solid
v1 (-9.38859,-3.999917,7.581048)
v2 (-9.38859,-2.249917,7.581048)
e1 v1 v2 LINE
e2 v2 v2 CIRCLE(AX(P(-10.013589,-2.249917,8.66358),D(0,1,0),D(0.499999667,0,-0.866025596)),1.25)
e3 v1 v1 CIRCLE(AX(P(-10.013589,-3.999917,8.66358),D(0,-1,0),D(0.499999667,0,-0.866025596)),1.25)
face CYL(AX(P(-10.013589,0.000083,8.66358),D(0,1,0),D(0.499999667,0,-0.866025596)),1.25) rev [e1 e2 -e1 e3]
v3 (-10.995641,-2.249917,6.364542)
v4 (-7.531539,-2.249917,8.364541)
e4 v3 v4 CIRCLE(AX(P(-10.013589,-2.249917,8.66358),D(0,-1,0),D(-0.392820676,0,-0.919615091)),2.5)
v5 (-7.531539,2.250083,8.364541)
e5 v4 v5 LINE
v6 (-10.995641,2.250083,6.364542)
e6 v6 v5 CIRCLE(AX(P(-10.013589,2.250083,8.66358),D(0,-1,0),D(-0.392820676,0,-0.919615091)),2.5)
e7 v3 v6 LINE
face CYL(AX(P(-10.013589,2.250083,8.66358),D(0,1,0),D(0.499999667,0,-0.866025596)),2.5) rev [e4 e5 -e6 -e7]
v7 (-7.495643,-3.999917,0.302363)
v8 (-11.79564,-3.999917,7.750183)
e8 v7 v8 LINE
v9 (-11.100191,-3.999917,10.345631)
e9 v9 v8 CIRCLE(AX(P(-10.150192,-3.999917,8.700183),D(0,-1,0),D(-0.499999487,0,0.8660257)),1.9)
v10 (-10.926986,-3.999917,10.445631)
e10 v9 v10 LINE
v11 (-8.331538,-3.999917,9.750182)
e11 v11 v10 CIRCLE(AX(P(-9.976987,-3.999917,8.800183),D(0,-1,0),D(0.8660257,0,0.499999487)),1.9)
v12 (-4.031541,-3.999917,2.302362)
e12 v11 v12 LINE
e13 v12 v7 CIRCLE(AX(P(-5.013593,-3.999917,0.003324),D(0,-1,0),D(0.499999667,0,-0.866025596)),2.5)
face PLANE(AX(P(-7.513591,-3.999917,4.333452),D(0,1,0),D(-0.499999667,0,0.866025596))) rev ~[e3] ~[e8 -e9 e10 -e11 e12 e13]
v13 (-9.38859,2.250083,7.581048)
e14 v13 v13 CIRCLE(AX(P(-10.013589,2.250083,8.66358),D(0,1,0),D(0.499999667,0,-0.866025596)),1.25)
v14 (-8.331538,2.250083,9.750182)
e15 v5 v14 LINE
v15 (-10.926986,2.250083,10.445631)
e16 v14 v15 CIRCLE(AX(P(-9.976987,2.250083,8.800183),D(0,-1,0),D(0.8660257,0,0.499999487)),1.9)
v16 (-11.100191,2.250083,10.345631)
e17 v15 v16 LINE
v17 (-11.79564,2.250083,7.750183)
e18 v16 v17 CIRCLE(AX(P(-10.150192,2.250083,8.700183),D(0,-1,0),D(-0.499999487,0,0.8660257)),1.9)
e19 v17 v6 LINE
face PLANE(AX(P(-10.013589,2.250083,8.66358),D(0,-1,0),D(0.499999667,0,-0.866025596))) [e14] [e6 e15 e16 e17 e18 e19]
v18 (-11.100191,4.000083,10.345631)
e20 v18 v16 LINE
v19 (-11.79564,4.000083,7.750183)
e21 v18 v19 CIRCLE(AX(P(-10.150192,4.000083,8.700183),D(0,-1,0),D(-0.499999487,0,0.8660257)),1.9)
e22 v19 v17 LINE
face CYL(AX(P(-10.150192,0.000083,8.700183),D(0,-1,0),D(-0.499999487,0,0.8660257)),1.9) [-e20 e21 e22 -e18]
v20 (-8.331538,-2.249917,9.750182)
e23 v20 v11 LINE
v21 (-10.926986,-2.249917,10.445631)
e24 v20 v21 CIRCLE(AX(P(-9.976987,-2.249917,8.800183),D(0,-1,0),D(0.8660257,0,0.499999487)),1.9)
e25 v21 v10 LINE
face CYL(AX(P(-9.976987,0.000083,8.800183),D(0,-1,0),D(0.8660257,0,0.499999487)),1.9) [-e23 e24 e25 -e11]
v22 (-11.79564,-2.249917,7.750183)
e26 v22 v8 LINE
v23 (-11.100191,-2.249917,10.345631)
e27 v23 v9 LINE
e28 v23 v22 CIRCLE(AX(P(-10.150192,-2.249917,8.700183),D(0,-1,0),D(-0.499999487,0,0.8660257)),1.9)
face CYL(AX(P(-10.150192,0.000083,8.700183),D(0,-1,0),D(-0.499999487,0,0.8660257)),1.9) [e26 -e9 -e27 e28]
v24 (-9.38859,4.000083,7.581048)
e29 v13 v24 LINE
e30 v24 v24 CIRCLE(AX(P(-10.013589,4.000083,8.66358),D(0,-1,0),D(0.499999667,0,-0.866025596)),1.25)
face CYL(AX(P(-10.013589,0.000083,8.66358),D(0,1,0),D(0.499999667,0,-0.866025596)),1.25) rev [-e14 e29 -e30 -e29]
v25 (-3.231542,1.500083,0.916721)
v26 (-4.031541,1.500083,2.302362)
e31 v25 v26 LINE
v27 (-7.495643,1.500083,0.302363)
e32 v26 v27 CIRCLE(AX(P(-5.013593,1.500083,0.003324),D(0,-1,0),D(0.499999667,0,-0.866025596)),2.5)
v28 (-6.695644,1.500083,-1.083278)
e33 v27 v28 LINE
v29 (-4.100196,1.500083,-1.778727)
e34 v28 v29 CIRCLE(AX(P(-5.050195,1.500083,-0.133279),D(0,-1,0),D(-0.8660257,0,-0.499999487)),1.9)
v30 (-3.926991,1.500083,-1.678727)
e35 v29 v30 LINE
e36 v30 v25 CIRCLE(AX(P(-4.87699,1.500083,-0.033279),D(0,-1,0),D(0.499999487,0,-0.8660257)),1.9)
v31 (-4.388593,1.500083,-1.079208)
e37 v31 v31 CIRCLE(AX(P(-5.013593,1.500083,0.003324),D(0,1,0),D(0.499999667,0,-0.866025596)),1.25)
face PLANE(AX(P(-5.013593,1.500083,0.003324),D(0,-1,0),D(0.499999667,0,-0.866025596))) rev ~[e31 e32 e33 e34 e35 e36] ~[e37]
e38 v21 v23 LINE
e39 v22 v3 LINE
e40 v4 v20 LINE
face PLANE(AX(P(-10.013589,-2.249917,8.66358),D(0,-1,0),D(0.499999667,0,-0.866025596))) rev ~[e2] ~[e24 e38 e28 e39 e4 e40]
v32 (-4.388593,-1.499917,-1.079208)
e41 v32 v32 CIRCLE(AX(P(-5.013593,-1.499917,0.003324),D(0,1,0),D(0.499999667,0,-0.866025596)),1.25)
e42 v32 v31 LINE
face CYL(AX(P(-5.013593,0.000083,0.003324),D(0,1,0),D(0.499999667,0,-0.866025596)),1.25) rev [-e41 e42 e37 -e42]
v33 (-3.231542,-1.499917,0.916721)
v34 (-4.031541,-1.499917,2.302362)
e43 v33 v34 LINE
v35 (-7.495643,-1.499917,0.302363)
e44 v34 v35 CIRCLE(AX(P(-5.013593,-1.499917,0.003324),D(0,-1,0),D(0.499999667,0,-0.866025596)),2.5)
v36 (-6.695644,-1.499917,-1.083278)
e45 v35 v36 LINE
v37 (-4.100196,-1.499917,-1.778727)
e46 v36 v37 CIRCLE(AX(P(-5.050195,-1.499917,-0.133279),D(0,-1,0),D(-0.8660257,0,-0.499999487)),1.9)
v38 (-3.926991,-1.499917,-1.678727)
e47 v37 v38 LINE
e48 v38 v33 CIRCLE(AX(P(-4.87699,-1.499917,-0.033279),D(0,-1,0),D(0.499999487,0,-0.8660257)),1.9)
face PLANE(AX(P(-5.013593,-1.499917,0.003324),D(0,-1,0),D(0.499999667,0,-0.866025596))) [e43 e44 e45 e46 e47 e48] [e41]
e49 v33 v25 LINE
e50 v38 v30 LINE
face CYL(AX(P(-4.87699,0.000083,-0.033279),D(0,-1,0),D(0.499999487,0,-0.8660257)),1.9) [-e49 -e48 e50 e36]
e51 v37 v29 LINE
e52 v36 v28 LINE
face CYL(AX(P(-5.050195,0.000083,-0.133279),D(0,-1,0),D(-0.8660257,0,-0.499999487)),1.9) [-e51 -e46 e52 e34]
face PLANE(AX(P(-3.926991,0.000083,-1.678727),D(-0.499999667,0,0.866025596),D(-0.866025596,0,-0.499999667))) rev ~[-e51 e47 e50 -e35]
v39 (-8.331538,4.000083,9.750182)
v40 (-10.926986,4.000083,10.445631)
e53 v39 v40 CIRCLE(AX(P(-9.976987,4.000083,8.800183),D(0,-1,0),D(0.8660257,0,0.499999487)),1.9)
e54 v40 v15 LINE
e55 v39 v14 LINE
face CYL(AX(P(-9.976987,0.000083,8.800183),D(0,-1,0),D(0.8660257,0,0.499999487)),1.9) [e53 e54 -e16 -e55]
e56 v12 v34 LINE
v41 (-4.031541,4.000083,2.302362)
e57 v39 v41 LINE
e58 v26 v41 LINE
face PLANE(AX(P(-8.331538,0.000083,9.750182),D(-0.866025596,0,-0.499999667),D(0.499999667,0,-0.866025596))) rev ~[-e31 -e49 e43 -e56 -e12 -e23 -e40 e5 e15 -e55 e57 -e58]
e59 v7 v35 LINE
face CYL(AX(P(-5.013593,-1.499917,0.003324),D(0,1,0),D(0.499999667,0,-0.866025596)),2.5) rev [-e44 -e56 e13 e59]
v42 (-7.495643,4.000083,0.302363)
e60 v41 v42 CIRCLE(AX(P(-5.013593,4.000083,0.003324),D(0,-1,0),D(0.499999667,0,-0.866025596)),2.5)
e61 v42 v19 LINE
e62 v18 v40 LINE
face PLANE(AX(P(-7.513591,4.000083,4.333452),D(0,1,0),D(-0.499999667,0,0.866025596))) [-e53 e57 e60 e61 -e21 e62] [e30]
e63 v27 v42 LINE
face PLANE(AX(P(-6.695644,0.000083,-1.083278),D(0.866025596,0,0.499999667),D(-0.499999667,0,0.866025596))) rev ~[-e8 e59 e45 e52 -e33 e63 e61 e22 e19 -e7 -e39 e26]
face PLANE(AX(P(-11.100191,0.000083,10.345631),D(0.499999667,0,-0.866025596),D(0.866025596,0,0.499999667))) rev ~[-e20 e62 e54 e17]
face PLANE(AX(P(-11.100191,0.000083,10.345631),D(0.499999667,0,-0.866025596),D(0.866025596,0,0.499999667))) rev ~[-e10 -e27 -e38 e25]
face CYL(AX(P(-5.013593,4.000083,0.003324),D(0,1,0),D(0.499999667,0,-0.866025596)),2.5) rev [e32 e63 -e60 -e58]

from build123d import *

# Parameters (mm, degrees)
CYLINDER001_R          = 2.5
CYLINDER001_DEPTH      = 2.5
CYLINDER001_ROLL_ANGLE = 90
CYLINDER002_R          = 2.5
CYLINDER002_DEPTH      = 2.5
CYLINDER002_ROLL_ANGLE = 90
CYLINDER_R             = 2.5
CYLINDER_DEPTH         = 4.5
CYLINDER_ROLL_ANGLE    = 90
SKETCH_R               = 1.25
PAD002_DEPTH           = 4
CUT002_PITCH_ANGLE     = 60.000022


with BuildPart() as cylinder001:
    # Cylinder001 → Cylinder001 (new body)
    with BuildSketch(Plane.XY):
        Circle(CYLINDER001_R)
    extrude(amount=CYLINDER001_DEPTH)


with BuildPart() as cylinder001_1:
    # Cylinder001 roll: moved
    add(cylinder001.part.rotate(Axis((0, 0, 0), (1, 0, 0)), CYLINDER001_ROLL_ANGLE))


with BuildPart() as cylinder001_2:
    # Cylinder001 placement: moved
    add(cylinder001_1.part.moved(Location((5, 4, 0))))


with BuildPart() as cylinder002:
    # Cylinder002 → Cylinder002 (new body)
    with BuildSketch(Plane.XY):
        Circle(CYLINDER002_R)
    extrude(amount=CYLINDER002_DEPTH)


with BuildPart() as cylinder002_1:
    # Cylinder002 roll: moved
    add(cylinder002.part.rotate(Axis((0, 0, 0), (1, 0, 0)), CYLINDER002_ROLL_ANGLE))


with BuildPart() as cylinder002_2:
    # Cylinder002 placement: moved
    add(cylinder002_1.part.moved(Location((5, -1.5, 0))))


with BuildPart() as axes_cutout002:
    # Cylinder → Cylinder (new body)
    with BuildSketch(Plane.XY):
        Circle(CYLINDER_R)
    extrude(amount=CYLINDER_DEPTH)


with BuildPart() as axes_cutout002_1:
    # Cylinder roll: moved
    add(axes_cutout002.part.rotate(Axis((0, 0, 0), (1, 0, 0)), CYLINDER_ROLL_ANGLE))


with BuildPart() as axes_cutout002_2:
    # Cylinder placement: moved
    add(axes_cutout002_1.part.moved(Location((-5, 2.25, 0))))

    # Fusion002: union Cylinder001, Cylinder002
    add(cylinder001_2.part)
    add(cylinder002_2.part)


with BuildPart() as track_shape002:
    # Sketch → Pad002 (new body, symmetric)
    with BuildSketch(Plane.XZ):
        with BuildLine():
            Line((-5.1, 2), (5.1, 2))
            ThreePointArc((7, 0.1), (6.443503, 1.443503), (5.1, 2))
            Line((7, 0.1), (7, -0.1))
            ThreePointArc((5.1, -2), (6.443503, -1.443503), (7, -0.1))
            Line((5.1, -2), (-5.1, -2))
            ThreePointArc((-7, -0.1), (-6.443503, -1.443503), (-5.1, -2))
            Line((-7, -0.1), (-7, 0.1))
            ThreePointArc((-5.1, 2), (-6.443503, 1.443503), (-7, 0.1))
        make_face()
        with Locations((-5, 0)):
            Circle(SKETCH_R, mode=Mode.SUBTRACT)
        with Locations((5, 0)):
            Circle(SKETCH_R, mode=Mode.SUBTRACT)
    extrude(amount=PAD002_DEPTH, both=True)

    # Cut002: cut axes-cutout002
    add(axes_cutout002_2.part, mode=Mode.SUBTRACT)


with BuildPart() as track_shape002_1:
    # Cut002 pitch: moved
    add(track_shape002.part.rotate(Axis((0, 0, 0), (0, 1, 0)), CUT002_PITCH_ANGLE))


with BuildPart() as track_shape002_2:
    # Cut002 placement: moved
    add(track_shape002_1.part.moved(Location((-7.513591, 8.3e-05, 4.333452))))


solid = track_shape002_2.part
